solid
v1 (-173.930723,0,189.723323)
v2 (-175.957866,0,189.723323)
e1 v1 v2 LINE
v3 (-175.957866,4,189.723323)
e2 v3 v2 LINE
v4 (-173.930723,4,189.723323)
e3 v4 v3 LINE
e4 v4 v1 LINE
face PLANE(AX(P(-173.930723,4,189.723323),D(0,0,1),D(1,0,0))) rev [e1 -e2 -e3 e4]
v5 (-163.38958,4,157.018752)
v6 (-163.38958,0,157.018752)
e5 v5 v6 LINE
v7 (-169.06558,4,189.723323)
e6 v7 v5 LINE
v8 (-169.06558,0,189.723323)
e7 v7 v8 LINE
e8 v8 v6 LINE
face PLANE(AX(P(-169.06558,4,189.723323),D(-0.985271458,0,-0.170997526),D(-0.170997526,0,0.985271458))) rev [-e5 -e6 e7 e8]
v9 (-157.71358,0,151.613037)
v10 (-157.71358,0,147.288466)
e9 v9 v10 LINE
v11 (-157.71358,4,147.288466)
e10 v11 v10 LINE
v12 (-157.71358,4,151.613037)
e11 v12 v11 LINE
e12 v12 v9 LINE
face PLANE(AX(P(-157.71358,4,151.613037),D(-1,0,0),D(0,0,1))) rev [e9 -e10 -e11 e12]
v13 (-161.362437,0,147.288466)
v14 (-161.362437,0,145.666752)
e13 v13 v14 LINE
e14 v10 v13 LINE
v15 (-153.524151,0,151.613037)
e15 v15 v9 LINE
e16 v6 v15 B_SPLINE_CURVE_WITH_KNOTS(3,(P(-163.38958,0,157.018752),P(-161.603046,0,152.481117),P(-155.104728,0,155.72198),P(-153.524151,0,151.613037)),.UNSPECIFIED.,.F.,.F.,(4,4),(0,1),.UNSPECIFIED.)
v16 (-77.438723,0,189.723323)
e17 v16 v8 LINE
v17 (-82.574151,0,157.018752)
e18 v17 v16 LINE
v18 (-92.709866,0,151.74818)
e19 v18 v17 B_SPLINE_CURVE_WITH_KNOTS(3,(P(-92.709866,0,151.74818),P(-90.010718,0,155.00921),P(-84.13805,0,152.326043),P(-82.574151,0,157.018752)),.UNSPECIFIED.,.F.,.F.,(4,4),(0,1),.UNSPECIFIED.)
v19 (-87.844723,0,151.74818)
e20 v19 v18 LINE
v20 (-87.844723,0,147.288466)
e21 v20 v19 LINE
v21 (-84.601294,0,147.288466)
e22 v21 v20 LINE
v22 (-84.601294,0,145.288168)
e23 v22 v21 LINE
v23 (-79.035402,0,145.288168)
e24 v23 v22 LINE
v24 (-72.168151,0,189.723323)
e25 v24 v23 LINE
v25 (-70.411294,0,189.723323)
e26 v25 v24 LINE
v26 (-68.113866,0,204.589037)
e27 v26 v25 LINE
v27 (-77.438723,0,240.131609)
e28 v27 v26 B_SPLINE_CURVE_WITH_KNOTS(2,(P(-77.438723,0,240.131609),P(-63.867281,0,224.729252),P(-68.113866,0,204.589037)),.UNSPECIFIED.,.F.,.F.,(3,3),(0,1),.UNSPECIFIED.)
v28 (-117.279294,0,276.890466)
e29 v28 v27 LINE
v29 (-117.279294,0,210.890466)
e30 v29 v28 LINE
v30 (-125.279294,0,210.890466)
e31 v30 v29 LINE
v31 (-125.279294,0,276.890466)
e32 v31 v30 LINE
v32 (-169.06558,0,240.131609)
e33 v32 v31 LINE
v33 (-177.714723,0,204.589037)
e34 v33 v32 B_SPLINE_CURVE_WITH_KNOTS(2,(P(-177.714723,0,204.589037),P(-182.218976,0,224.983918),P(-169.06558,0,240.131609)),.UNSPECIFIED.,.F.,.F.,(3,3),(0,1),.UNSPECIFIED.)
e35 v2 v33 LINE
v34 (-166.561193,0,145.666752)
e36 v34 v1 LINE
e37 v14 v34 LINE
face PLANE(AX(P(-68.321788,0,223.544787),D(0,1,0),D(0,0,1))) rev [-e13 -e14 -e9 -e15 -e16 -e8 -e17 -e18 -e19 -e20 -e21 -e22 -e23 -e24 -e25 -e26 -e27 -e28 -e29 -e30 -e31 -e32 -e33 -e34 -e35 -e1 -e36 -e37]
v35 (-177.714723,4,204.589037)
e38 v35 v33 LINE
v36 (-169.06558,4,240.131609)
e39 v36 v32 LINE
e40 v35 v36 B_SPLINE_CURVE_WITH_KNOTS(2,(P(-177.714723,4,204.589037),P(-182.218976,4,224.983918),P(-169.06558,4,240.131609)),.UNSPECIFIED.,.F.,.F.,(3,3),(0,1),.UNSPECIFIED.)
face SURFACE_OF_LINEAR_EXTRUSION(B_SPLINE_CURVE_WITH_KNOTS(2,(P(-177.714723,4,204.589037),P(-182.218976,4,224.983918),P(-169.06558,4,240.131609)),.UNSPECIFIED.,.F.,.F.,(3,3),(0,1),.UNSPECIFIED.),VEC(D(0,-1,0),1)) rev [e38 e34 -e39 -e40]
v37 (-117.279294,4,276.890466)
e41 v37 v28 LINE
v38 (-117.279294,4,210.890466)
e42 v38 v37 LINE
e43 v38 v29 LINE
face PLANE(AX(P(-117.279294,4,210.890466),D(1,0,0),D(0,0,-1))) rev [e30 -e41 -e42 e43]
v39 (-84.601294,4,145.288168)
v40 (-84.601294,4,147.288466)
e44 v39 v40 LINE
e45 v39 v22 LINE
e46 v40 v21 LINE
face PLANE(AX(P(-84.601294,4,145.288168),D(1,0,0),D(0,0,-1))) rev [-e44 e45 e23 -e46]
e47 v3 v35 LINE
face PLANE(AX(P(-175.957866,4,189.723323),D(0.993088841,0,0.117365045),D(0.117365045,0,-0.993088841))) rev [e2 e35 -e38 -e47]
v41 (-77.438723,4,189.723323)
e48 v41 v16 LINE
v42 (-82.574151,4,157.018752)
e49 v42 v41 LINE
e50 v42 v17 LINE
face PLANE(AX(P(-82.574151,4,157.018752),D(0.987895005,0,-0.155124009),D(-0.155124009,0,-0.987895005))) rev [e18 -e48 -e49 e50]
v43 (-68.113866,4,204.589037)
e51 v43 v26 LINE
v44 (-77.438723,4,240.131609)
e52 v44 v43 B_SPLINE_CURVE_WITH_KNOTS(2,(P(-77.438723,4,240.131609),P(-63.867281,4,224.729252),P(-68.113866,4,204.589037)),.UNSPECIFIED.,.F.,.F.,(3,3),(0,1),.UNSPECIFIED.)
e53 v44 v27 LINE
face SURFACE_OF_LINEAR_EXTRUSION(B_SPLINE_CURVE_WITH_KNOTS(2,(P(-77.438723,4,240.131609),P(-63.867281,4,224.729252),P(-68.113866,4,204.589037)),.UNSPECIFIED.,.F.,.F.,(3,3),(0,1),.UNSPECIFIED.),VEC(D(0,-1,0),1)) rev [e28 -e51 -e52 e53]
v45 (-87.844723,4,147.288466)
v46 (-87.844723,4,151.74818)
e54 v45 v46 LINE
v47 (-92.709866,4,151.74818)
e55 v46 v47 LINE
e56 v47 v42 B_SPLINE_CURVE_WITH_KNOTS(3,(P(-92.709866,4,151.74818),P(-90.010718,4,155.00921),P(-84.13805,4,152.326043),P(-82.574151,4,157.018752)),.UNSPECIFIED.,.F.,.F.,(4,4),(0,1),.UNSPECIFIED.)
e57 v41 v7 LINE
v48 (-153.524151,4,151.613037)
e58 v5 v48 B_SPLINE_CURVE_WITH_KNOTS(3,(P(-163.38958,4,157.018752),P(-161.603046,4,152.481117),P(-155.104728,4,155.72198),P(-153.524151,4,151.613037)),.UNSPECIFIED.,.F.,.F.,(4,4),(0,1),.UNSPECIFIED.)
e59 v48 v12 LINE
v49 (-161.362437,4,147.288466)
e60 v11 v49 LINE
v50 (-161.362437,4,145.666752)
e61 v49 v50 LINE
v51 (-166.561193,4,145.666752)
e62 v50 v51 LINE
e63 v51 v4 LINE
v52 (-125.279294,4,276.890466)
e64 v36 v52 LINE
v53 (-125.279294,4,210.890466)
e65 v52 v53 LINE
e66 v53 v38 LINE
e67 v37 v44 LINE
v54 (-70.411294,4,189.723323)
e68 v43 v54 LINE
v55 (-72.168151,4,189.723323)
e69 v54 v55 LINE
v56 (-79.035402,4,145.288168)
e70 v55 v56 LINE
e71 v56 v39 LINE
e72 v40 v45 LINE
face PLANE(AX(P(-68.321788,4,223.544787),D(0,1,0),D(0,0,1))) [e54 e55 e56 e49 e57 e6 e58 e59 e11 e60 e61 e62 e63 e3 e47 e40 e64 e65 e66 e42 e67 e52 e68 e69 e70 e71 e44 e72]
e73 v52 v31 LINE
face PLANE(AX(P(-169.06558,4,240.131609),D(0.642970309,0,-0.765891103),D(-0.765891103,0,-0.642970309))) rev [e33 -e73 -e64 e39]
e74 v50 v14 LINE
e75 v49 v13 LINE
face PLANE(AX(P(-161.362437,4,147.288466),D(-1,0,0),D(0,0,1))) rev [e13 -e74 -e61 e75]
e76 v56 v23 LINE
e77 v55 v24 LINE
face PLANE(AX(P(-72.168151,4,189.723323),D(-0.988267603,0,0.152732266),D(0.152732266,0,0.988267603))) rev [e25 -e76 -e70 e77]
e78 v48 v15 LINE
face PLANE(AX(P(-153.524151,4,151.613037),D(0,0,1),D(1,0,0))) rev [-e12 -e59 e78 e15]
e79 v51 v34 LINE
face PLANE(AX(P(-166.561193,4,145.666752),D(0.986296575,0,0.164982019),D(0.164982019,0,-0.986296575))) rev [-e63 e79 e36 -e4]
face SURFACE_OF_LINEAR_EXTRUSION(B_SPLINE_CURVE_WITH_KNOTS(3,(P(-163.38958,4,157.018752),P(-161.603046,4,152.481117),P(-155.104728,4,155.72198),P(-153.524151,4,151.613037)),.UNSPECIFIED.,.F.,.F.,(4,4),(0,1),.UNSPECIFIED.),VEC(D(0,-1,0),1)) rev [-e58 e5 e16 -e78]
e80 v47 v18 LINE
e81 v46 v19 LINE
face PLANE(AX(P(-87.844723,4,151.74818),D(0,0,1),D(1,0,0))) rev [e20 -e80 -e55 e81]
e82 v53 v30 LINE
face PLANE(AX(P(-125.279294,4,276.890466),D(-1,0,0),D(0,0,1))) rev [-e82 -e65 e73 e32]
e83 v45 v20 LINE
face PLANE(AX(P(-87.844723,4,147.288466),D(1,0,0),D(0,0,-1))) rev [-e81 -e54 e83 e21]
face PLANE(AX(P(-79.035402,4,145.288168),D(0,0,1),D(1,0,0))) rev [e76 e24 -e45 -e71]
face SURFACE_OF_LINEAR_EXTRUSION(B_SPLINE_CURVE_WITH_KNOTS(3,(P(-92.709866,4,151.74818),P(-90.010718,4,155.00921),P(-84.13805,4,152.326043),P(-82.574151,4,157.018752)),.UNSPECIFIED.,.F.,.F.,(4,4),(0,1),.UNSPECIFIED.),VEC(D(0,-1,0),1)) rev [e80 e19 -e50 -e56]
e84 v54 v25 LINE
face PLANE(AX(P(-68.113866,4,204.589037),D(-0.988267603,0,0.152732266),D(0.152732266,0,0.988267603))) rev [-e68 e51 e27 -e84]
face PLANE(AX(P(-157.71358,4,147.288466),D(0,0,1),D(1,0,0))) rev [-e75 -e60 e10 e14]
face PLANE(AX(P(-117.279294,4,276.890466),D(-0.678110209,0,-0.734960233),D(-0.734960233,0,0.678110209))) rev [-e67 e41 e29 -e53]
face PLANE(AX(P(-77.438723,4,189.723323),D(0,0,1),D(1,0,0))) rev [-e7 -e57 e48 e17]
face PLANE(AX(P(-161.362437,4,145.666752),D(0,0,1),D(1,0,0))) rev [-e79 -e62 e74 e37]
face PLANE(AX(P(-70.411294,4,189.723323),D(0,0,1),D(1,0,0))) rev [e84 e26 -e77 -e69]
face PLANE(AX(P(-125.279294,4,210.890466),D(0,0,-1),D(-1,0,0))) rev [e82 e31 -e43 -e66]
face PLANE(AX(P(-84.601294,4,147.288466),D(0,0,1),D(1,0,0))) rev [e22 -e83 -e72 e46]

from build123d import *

# Parameters (mm, degrees)
EXTRUDE_1_DEPTH = 4


with BuildPart() as part:
    # 草图1 → 凸台-拉伸1 (new body)
    with BuildSketch(Plane(origin=(0, 0, 0), x_dir=(1, 0, 0), z_dir=(0, 1, 0))):
        with BuildLine():
            Line((-68.113865549, -204.589037385), (-70.41129412, -189.723323099))
            Line((-70.41129412, -189.723323099), (-72.168151263, -189.723323099))
            Line((-72.168151263, -189.723323099), (-79.035402442, -145.288168411))
            Line((-79.035402442, -145.288168411), (-84.60129412, -145.288168411))
            Line((-84.60129412, -145.288168411), (-84.60129412, -147.288465956))
            Line((-84.60129412, -147.288465956), (-87.844722691, -147.288465956))
            Line((-87.844722691, -147.288465956), (-87.844722691, -151.748180242))
            Line((-87.844722691, -151.748180242), (-92.709865549, -151.748180242))
            add(Edge.make_bspline(
                [(-92.709865549, -151.748180242), (-90.010717894, -155.009209908), (-84.138050482, -152.326043307), (-82.574151263, -157.01875167)],
                knots=[0, 0, 0, 0, 1, 1, 1, 1], degree=3))
            Line((-82.574151263, -157.01875167), (-77.438722691, -189.723323099))
            Line((-77.438722691, -189.723323099), (-169.065579834, -189.723323099))
            Line((-169.065579834, -189.723323099), (-163.389579834, -157.01875167))
            add(Edge.make_bspline(
                [(-153.524151263, -151.613037385), (-155.104728125, -155.721980391), (-161.603046346, -152.481116628), (-163.389579834, -157.01875167)],
                knots=[0, 0, 0, 0, 1, 1, 1, 1], degree=3))
            Line((-153.524151263, -151.613037385), (-157.713579834, -151.613037385))
            Line((-157.713579834, -151.613037385), (-157.713579834, -147.288465956))
            Line((-157.713579834, -147.288465956), (-161.362436977, -147.288465956))
            Line((-161.362436977, -147.288465956), (-161.362436977, -145.66675167))
            Line((-161.362436977, -145.66675167), (-166.561192779, -145.66675167))
            Line((-166.561192779, -145.66675167), (-173.930722691, -189.723323099))
            Line((-173.930722691, -189.723323099), (-175.957865549, -189.723323099))
            Line((-175.957865549, -189.723323099), (-177.714722691, -204.589037385))
            add(Edge.make_bspline(
                [(-177.714722691, -204.589037385), (-182.218975988, -224.983917638), (-169.065579834, -240.131608813)],
                knots=[0, 0, 0, 1, 1, 1], degree=2))
            Line((-169.065579834, -240.131608813), (-125.27929412, -276.890465956))
            Line((-125.27929412, -276.890465956), (-125.27929412, -210.890465956))
            Line((-125.27929412, -210.890465956), (-117.27929412, -210.890465956))
            Line((-117.27929412, -210.890465956), (-117.27929412, -276.890465956))
            Line((-117.27929412, -276.890465956), (-77.438722691, -240.131608813))
            add(Edge.make_bspline(
                [(-68.113865549, -204.589037385), (-63.867281147, -224.729251643), (-77.438722691, -240.131608813)],
                knots=[0, 0, 0, 1, 1, 1], degree=2))
        make_face()
    extrude(amount=EXTRUDE_1_DEPTH)


solid = part.part
